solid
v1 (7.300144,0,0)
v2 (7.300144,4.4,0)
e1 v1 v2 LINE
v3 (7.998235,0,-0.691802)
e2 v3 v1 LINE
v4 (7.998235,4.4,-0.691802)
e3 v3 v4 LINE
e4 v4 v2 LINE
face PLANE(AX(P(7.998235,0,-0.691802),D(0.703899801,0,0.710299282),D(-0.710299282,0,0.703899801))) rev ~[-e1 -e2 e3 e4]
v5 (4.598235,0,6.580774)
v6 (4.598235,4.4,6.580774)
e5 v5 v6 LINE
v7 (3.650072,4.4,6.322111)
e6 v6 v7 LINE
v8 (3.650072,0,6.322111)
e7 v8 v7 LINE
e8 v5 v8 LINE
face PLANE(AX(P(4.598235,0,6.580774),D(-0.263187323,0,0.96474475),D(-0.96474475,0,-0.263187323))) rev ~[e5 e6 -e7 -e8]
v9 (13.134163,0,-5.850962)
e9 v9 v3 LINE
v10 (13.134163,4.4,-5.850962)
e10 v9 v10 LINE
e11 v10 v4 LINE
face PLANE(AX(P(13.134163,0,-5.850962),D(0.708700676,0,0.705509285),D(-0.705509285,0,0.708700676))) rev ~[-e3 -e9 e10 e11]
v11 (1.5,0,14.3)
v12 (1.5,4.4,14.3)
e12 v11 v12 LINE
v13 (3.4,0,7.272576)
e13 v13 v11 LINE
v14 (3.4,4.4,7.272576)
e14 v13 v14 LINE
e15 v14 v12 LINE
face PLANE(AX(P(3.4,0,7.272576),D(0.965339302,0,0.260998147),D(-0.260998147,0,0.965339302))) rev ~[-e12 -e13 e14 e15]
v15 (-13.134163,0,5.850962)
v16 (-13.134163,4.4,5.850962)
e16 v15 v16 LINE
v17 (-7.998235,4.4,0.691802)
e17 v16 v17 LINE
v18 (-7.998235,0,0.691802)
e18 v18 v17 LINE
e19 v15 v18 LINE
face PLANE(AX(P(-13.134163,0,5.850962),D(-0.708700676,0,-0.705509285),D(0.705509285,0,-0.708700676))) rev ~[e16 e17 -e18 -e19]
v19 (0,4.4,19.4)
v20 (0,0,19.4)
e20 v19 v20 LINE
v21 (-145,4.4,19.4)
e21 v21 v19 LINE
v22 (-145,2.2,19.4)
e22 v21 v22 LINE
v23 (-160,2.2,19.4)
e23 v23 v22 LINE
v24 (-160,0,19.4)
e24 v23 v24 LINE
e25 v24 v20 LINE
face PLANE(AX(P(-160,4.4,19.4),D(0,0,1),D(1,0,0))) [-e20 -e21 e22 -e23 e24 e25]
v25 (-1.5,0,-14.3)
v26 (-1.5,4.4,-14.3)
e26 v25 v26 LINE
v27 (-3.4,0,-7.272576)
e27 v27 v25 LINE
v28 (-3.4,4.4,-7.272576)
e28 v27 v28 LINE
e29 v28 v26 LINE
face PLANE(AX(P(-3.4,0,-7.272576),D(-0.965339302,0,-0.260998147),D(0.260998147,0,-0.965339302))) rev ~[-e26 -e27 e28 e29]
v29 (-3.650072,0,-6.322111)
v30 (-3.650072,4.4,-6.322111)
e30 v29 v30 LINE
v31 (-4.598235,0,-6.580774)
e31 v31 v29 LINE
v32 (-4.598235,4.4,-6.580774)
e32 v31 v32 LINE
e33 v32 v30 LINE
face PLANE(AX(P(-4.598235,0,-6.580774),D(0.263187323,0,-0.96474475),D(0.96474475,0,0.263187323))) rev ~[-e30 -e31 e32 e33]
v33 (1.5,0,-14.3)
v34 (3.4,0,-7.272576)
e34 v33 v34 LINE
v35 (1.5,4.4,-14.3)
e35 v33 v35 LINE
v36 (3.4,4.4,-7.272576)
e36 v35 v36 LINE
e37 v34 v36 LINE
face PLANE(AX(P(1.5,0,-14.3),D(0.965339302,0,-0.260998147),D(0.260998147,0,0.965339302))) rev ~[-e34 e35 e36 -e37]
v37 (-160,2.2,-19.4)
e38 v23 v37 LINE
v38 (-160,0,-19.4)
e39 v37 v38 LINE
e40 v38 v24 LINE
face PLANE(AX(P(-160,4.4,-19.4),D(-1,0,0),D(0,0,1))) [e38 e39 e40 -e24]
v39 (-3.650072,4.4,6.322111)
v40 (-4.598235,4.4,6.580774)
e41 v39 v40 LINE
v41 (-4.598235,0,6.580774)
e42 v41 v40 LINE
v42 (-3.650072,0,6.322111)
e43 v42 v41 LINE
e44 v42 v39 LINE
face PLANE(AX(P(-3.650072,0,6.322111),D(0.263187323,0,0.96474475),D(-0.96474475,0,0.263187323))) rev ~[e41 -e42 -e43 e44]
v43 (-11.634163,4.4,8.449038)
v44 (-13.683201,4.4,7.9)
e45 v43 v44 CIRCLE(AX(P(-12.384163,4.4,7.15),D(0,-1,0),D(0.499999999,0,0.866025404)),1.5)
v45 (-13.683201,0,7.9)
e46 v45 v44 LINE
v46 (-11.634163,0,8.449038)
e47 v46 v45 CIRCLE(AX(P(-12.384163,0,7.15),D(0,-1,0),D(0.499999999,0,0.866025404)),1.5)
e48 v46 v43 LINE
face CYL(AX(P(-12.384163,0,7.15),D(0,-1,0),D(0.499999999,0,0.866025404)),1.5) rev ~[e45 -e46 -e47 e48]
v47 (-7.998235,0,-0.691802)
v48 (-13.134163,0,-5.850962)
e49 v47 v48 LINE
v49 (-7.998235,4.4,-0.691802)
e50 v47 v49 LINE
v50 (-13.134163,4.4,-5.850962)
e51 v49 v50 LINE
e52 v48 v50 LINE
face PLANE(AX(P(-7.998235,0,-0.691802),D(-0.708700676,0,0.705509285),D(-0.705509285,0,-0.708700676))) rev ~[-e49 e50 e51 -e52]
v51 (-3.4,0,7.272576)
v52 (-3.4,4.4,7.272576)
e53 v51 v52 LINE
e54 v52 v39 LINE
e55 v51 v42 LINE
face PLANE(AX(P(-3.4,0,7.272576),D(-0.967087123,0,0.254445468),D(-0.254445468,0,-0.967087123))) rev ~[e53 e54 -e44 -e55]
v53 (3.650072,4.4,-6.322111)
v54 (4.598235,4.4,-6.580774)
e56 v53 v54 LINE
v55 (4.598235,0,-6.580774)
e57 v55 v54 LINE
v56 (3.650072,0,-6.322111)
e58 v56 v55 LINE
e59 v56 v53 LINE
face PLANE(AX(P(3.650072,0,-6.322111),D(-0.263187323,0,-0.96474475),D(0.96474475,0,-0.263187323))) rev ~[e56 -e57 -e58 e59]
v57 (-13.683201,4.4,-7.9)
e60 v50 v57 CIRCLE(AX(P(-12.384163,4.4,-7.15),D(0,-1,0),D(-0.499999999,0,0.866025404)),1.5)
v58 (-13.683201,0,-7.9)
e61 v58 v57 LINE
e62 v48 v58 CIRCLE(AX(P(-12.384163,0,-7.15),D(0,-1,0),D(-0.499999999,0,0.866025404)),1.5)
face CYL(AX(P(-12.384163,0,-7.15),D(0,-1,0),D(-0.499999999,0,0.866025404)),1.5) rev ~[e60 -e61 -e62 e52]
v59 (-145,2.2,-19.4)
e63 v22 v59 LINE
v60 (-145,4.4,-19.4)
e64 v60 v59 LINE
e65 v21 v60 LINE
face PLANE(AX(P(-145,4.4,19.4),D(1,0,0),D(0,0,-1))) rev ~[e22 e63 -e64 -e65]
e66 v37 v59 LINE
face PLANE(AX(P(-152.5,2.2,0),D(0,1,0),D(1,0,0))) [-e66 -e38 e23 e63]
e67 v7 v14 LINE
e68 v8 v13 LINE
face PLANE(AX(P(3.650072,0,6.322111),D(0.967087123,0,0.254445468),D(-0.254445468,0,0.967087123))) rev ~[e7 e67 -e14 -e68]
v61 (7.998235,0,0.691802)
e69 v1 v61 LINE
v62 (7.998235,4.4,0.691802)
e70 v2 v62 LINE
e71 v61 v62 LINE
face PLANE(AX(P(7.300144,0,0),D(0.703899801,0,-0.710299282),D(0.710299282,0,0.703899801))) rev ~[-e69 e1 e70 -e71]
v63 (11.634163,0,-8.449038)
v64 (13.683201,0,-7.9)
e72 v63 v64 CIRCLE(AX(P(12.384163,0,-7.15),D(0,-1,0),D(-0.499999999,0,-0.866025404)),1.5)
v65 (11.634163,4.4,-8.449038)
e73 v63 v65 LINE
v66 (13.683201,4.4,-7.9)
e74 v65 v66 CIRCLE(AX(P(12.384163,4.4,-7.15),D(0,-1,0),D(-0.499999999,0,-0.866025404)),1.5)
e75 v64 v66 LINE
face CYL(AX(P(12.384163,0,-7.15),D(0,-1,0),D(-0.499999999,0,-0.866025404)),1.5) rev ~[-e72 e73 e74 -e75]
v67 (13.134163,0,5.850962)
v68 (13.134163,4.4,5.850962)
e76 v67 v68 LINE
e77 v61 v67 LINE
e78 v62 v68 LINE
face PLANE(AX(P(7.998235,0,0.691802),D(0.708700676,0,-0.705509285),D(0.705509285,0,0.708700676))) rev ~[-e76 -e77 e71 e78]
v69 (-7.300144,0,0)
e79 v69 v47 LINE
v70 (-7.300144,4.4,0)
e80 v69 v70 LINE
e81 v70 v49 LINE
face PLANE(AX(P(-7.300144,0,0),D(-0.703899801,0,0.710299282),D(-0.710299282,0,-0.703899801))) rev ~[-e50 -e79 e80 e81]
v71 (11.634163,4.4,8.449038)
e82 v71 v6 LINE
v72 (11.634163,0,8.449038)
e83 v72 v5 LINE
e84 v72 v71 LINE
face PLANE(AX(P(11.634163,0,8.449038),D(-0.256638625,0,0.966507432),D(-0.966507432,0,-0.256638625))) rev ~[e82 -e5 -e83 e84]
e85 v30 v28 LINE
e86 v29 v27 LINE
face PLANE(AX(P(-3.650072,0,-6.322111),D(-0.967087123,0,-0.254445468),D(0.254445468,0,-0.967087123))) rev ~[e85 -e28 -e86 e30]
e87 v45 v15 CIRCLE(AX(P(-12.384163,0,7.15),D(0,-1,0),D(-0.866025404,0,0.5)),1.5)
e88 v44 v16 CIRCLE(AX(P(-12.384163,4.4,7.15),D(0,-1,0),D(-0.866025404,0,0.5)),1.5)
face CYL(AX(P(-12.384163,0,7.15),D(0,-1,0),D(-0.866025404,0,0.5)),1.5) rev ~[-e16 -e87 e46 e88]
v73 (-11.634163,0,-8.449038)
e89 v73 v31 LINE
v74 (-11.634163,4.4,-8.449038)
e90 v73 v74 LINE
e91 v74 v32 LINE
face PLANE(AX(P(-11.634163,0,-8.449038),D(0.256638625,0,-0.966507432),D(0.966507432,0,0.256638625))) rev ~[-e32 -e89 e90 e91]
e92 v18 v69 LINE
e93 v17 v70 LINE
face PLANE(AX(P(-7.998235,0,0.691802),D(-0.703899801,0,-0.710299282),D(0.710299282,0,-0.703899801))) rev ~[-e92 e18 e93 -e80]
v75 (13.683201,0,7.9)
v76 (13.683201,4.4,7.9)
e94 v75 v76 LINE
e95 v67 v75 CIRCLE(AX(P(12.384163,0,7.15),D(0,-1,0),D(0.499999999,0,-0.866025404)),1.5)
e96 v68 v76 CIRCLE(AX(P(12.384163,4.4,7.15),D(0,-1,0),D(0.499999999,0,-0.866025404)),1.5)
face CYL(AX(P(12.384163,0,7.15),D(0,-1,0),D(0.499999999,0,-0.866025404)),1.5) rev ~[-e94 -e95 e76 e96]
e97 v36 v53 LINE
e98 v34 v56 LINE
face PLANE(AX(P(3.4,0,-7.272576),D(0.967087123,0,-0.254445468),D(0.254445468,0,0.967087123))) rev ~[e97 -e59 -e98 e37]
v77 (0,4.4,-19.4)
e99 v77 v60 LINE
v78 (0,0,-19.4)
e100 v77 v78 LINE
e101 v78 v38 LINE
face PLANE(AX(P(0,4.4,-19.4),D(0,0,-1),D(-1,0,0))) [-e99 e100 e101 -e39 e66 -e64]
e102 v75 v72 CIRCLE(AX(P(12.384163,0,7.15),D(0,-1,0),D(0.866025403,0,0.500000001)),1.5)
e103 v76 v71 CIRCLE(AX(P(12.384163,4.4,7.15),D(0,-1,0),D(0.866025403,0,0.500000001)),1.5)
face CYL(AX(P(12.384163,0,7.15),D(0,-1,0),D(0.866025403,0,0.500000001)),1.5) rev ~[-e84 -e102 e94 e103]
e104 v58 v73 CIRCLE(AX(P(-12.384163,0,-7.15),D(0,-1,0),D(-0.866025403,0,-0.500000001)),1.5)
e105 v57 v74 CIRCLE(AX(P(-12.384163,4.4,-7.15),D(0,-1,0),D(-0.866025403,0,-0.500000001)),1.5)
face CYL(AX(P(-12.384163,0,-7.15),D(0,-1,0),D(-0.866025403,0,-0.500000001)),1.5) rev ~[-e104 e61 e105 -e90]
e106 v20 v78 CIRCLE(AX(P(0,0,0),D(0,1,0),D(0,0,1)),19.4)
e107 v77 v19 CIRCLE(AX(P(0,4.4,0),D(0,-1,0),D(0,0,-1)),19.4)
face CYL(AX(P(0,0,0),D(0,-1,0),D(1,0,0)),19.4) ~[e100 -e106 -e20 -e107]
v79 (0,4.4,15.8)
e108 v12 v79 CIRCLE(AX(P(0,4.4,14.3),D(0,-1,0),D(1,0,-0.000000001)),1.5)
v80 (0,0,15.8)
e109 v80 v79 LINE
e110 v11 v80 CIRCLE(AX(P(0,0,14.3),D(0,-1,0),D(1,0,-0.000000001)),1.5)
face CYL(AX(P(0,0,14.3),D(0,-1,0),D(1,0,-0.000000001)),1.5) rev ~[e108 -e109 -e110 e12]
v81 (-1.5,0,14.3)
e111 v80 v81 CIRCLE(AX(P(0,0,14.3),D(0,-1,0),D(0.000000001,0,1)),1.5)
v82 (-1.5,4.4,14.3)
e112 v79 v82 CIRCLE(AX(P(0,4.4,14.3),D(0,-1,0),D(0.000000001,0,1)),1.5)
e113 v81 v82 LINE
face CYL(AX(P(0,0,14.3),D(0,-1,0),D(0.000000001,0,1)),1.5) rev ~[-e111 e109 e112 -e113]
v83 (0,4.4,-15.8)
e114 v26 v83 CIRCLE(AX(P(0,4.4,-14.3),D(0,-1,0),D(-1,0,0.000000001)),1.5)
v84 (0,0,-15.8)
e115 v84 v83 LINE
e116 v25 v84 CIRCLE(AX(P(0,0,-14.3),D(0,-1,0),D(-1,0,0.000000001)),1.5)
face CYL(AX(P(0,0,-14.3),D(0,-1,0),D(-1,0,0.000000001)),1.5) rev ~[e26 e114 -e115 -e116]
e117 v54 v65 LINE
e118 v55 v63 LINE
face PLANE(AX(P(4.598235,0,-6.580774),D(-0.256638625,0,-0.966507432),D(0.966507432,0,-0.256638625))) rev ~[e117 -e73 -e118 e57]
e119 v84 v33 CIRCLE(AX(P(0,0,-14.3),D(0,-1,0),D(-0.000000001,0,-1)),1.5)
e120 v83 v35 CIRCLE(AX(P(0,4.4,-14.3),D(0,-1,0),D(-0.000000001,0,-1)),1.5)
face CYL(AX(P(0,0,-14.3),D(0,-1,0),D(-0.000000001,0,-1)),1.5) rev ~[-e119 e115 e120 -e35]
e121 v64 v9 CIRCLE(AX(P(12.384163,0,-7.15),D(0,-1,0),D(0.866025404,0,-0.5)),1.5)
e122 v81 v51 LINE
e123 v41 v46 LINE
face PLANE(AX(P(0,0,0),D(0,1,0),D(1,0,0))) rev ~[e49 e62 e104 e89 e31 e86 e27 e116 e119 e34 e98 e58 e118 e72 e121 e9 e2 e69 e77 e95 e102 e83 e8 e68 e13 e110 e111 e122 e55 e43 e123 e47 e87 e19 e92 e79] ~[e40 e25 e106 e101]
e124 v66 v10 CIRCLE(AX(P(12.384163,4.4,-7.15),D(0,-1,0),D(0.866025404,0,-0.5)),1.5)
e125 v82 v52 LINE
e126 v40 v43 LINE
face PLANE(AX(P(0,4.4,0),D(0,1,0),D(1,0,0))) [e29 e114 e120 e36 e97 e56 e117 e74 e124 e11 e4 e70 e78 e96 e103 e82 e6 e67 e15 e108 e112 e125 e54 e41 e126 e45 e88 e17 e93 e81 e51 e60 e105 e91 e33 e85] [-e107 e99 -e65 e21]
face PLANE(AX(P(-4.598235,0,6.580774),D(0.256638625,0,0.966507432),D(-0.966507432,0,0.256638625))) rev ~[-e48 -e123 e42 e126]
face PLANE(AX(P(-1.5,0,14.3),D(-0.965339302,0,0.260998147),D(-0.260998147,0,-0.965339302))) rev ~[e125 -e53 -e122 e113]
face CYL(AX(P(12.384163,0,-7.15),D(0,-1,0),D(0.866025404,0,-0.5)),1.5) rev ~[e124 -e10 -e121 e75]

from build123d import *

# Parameters (mm, degrees)
SKETCH_1_R          = 15.8
EXTRUDE_1_DEPTH     = 4.4
CUT_EXTRUDE_2_DEPTH = 4.4
SKETCH_4_R          = 19.4
SKETCH_4_R_2        = 15.8
EXTRUDE_2_DEPTH     = 4.4
EXTRUDE_3_DEPTH     = 4.4
SKETCH_6_W          = 15
SKETCH_6_H          = 38.8
CUT_EXTRUDE_3_DEPTH = 2.2


with BuildPart() as part:
    # 草圖1 → 填料-伸長1 (new body)
    with BuildSketch(Plane(origin=(0, 0, 0), x_dir=(1, 0, 0), z_dir=(0, 1, 0))):
        Circle(SKETCH_1_R)
    extrude(amount=EXTRUDE_1_DEPTH)

    # 草圖3 → 除料-伸長2 (cut)
    with BuildSketch(Plane.XZ):
        with BuildLine():
            Line((-1.5, 14.3), (-3.4, 7.272575881))
            Line((-3.4, 7.272575881), (-3.650072203, 6.322110506))
            Line((-3.650072203, 6.322110506), (-4.598235464, 6.580774314))
            Line((-4.598235464, 6.580774314), (-11.634163274, 8.449038106))
            ThreePointArc((-11.634163274, 8.449038106), (-12.772391842, 8.598888739), (-13.68320138, 7.9))
            ThreePointArc((-13.68320138, 7.9), (-13.833052014, 6.761771432), (-13.134163274, 5.850961894))
            Line((-13.134163274, 5.850961894), (-7.998235464, 0.691801568))
            Line((-7.998235464, 0.691801568), (-7.300144405, 0))
            Line((-7.300144405, 0), (-7.998235464, -0.691801568))
            Line((-7.998235464, -0.691801568), (-13.134163274, -5.850961894))
            ThreePointArc((-13.134163274, -5.850961894), (-13.833052014, -6.761771432), (-13.68320138, -7.9))
            ThreePointArc((-13.68320138, -7.9), (-12.772391842, -8.598888739), (-11.634163274, -8.449038106))
            Line((-11.634163274, -8.449038106), (-4.598235464, -6.580774314))
            Line((-4.598235464, -6.580774314), (-3.650072203, -6.322110506))
            Line((-3.650072203, -6.322110506), (-3.4, -7.272575881))
            Line((-3.4, -7.272575881), (-1.5, -14.3))
            ThreePointArc((-1.5, -14.3), (-1.060660172, -15.360660172), (0, -15.8))
            ThreePointArc((0, -15.8), (1.060660172, -15.360660172), (1.5, -14.3))
            Line((1.5, -14.3), (3.4, -7.272575881))
            Line((3.4, -7.272575881), (3.650072203, -6.322110506))
            Line((3.650072203, -6.322110506), (4.598235464, -6.580774314))
            Line((4.598235464, -6.580774314), (11.634163274, -8.449038106))
            ThreePointArc((11.634163274, -8.449038106), (12.772391842, -8.598888739), (13.68320138, -7.9))
            ThreePointArc((13.68320138, -7.9), (13.833052014, -6.761771432), (13.134163274, -5.850961894))
            Line((13.134163274, -5.850961894), (7.998235464, -0.691801568))
            Line((7.998235464, -0.691801568), (7.300144405, 0))
            Line((7.300144405, 0), (7.998235464, 0.691801568))
            Line((7.998235464, 0.691801568), (13.134163274, 5.850961894))
            ThreePointArc((13.134163274, 5.850961894), (13.833052014, 6.761771432), (13.68320138, 7.9))
            ThreePointArc((13.68320138, 7.9), (12.772391842, 8.598888739), (11.634163274, 8.449038106))
            Line((11.634163274, 8.449038106), (4.598235464, 6.580774314))
            Line((4.598235464, 6.580774314), (3.650072203, 6.322110506))
            Line((3.650072203, 6.322110506), (3.4, 7.272575881))
            Line((3.4, 7.272575881), (1.5, 14.3))
            ThreePointArc((1.5, 14.3), (1.060660172, 15.360660172), (0, 15.8))
            ThreePointArc((0, 15.8), (-1.060660172, 15.360660172), (-1.5, 14.3))
        make_face()
    extrude(amount=-CUT_EXTRUDE_2_DEPTH, mode=Mode.SUBTRACT)

    # 草圖4 → 填料-伸長2 (add)
    with BuildSketch(Plane(origin=(0, 0, 0), x_dir=(1, 0, 0), z_dir=(0, 1, 0))):
        Circle(SKETCH_4_R)
        Circle(SKETCH_4_R_2, mode=Mode.SUBTRACT)
    extrude(amount=EXTRUDE_2_DEPTH)

    # 草圖5 → 填料-伸長3 (add)
    with BuildSketch(Plane(origin=(0, 4.4, 0), x_dir=(1, 0, 0), z_dir=(0, 1, 0))):
        with BuildLine():
            Line((0, 19.4), (-160, 19.4))
            Line((-160, 19.4), (-160, -19.4))
            Line((-160, -19.4), (0, -19.4))
            ThreePointArc((0, -19.4), (-19.4, 0), (0, 19.4))
        make_face()
    extrude(amount=-EXTRUDE_3_DEPTH)

    # 草圖6 → 除料-伸長3 (cut)
    with BuildSketch(Plane(origin=(0, 4.4, 0), x_dir=(1, 0, 0), z_dir=(0, 1, 0))):
        with Locations((-152.5, 0)):
            Rectangle(SKETCH_6_W, SKETCH_6_H)
    extrude(amount=-CUT_EXTRUDE_3_DEPTH, mode=Mode.SUBTRACT)


solid = part.part
